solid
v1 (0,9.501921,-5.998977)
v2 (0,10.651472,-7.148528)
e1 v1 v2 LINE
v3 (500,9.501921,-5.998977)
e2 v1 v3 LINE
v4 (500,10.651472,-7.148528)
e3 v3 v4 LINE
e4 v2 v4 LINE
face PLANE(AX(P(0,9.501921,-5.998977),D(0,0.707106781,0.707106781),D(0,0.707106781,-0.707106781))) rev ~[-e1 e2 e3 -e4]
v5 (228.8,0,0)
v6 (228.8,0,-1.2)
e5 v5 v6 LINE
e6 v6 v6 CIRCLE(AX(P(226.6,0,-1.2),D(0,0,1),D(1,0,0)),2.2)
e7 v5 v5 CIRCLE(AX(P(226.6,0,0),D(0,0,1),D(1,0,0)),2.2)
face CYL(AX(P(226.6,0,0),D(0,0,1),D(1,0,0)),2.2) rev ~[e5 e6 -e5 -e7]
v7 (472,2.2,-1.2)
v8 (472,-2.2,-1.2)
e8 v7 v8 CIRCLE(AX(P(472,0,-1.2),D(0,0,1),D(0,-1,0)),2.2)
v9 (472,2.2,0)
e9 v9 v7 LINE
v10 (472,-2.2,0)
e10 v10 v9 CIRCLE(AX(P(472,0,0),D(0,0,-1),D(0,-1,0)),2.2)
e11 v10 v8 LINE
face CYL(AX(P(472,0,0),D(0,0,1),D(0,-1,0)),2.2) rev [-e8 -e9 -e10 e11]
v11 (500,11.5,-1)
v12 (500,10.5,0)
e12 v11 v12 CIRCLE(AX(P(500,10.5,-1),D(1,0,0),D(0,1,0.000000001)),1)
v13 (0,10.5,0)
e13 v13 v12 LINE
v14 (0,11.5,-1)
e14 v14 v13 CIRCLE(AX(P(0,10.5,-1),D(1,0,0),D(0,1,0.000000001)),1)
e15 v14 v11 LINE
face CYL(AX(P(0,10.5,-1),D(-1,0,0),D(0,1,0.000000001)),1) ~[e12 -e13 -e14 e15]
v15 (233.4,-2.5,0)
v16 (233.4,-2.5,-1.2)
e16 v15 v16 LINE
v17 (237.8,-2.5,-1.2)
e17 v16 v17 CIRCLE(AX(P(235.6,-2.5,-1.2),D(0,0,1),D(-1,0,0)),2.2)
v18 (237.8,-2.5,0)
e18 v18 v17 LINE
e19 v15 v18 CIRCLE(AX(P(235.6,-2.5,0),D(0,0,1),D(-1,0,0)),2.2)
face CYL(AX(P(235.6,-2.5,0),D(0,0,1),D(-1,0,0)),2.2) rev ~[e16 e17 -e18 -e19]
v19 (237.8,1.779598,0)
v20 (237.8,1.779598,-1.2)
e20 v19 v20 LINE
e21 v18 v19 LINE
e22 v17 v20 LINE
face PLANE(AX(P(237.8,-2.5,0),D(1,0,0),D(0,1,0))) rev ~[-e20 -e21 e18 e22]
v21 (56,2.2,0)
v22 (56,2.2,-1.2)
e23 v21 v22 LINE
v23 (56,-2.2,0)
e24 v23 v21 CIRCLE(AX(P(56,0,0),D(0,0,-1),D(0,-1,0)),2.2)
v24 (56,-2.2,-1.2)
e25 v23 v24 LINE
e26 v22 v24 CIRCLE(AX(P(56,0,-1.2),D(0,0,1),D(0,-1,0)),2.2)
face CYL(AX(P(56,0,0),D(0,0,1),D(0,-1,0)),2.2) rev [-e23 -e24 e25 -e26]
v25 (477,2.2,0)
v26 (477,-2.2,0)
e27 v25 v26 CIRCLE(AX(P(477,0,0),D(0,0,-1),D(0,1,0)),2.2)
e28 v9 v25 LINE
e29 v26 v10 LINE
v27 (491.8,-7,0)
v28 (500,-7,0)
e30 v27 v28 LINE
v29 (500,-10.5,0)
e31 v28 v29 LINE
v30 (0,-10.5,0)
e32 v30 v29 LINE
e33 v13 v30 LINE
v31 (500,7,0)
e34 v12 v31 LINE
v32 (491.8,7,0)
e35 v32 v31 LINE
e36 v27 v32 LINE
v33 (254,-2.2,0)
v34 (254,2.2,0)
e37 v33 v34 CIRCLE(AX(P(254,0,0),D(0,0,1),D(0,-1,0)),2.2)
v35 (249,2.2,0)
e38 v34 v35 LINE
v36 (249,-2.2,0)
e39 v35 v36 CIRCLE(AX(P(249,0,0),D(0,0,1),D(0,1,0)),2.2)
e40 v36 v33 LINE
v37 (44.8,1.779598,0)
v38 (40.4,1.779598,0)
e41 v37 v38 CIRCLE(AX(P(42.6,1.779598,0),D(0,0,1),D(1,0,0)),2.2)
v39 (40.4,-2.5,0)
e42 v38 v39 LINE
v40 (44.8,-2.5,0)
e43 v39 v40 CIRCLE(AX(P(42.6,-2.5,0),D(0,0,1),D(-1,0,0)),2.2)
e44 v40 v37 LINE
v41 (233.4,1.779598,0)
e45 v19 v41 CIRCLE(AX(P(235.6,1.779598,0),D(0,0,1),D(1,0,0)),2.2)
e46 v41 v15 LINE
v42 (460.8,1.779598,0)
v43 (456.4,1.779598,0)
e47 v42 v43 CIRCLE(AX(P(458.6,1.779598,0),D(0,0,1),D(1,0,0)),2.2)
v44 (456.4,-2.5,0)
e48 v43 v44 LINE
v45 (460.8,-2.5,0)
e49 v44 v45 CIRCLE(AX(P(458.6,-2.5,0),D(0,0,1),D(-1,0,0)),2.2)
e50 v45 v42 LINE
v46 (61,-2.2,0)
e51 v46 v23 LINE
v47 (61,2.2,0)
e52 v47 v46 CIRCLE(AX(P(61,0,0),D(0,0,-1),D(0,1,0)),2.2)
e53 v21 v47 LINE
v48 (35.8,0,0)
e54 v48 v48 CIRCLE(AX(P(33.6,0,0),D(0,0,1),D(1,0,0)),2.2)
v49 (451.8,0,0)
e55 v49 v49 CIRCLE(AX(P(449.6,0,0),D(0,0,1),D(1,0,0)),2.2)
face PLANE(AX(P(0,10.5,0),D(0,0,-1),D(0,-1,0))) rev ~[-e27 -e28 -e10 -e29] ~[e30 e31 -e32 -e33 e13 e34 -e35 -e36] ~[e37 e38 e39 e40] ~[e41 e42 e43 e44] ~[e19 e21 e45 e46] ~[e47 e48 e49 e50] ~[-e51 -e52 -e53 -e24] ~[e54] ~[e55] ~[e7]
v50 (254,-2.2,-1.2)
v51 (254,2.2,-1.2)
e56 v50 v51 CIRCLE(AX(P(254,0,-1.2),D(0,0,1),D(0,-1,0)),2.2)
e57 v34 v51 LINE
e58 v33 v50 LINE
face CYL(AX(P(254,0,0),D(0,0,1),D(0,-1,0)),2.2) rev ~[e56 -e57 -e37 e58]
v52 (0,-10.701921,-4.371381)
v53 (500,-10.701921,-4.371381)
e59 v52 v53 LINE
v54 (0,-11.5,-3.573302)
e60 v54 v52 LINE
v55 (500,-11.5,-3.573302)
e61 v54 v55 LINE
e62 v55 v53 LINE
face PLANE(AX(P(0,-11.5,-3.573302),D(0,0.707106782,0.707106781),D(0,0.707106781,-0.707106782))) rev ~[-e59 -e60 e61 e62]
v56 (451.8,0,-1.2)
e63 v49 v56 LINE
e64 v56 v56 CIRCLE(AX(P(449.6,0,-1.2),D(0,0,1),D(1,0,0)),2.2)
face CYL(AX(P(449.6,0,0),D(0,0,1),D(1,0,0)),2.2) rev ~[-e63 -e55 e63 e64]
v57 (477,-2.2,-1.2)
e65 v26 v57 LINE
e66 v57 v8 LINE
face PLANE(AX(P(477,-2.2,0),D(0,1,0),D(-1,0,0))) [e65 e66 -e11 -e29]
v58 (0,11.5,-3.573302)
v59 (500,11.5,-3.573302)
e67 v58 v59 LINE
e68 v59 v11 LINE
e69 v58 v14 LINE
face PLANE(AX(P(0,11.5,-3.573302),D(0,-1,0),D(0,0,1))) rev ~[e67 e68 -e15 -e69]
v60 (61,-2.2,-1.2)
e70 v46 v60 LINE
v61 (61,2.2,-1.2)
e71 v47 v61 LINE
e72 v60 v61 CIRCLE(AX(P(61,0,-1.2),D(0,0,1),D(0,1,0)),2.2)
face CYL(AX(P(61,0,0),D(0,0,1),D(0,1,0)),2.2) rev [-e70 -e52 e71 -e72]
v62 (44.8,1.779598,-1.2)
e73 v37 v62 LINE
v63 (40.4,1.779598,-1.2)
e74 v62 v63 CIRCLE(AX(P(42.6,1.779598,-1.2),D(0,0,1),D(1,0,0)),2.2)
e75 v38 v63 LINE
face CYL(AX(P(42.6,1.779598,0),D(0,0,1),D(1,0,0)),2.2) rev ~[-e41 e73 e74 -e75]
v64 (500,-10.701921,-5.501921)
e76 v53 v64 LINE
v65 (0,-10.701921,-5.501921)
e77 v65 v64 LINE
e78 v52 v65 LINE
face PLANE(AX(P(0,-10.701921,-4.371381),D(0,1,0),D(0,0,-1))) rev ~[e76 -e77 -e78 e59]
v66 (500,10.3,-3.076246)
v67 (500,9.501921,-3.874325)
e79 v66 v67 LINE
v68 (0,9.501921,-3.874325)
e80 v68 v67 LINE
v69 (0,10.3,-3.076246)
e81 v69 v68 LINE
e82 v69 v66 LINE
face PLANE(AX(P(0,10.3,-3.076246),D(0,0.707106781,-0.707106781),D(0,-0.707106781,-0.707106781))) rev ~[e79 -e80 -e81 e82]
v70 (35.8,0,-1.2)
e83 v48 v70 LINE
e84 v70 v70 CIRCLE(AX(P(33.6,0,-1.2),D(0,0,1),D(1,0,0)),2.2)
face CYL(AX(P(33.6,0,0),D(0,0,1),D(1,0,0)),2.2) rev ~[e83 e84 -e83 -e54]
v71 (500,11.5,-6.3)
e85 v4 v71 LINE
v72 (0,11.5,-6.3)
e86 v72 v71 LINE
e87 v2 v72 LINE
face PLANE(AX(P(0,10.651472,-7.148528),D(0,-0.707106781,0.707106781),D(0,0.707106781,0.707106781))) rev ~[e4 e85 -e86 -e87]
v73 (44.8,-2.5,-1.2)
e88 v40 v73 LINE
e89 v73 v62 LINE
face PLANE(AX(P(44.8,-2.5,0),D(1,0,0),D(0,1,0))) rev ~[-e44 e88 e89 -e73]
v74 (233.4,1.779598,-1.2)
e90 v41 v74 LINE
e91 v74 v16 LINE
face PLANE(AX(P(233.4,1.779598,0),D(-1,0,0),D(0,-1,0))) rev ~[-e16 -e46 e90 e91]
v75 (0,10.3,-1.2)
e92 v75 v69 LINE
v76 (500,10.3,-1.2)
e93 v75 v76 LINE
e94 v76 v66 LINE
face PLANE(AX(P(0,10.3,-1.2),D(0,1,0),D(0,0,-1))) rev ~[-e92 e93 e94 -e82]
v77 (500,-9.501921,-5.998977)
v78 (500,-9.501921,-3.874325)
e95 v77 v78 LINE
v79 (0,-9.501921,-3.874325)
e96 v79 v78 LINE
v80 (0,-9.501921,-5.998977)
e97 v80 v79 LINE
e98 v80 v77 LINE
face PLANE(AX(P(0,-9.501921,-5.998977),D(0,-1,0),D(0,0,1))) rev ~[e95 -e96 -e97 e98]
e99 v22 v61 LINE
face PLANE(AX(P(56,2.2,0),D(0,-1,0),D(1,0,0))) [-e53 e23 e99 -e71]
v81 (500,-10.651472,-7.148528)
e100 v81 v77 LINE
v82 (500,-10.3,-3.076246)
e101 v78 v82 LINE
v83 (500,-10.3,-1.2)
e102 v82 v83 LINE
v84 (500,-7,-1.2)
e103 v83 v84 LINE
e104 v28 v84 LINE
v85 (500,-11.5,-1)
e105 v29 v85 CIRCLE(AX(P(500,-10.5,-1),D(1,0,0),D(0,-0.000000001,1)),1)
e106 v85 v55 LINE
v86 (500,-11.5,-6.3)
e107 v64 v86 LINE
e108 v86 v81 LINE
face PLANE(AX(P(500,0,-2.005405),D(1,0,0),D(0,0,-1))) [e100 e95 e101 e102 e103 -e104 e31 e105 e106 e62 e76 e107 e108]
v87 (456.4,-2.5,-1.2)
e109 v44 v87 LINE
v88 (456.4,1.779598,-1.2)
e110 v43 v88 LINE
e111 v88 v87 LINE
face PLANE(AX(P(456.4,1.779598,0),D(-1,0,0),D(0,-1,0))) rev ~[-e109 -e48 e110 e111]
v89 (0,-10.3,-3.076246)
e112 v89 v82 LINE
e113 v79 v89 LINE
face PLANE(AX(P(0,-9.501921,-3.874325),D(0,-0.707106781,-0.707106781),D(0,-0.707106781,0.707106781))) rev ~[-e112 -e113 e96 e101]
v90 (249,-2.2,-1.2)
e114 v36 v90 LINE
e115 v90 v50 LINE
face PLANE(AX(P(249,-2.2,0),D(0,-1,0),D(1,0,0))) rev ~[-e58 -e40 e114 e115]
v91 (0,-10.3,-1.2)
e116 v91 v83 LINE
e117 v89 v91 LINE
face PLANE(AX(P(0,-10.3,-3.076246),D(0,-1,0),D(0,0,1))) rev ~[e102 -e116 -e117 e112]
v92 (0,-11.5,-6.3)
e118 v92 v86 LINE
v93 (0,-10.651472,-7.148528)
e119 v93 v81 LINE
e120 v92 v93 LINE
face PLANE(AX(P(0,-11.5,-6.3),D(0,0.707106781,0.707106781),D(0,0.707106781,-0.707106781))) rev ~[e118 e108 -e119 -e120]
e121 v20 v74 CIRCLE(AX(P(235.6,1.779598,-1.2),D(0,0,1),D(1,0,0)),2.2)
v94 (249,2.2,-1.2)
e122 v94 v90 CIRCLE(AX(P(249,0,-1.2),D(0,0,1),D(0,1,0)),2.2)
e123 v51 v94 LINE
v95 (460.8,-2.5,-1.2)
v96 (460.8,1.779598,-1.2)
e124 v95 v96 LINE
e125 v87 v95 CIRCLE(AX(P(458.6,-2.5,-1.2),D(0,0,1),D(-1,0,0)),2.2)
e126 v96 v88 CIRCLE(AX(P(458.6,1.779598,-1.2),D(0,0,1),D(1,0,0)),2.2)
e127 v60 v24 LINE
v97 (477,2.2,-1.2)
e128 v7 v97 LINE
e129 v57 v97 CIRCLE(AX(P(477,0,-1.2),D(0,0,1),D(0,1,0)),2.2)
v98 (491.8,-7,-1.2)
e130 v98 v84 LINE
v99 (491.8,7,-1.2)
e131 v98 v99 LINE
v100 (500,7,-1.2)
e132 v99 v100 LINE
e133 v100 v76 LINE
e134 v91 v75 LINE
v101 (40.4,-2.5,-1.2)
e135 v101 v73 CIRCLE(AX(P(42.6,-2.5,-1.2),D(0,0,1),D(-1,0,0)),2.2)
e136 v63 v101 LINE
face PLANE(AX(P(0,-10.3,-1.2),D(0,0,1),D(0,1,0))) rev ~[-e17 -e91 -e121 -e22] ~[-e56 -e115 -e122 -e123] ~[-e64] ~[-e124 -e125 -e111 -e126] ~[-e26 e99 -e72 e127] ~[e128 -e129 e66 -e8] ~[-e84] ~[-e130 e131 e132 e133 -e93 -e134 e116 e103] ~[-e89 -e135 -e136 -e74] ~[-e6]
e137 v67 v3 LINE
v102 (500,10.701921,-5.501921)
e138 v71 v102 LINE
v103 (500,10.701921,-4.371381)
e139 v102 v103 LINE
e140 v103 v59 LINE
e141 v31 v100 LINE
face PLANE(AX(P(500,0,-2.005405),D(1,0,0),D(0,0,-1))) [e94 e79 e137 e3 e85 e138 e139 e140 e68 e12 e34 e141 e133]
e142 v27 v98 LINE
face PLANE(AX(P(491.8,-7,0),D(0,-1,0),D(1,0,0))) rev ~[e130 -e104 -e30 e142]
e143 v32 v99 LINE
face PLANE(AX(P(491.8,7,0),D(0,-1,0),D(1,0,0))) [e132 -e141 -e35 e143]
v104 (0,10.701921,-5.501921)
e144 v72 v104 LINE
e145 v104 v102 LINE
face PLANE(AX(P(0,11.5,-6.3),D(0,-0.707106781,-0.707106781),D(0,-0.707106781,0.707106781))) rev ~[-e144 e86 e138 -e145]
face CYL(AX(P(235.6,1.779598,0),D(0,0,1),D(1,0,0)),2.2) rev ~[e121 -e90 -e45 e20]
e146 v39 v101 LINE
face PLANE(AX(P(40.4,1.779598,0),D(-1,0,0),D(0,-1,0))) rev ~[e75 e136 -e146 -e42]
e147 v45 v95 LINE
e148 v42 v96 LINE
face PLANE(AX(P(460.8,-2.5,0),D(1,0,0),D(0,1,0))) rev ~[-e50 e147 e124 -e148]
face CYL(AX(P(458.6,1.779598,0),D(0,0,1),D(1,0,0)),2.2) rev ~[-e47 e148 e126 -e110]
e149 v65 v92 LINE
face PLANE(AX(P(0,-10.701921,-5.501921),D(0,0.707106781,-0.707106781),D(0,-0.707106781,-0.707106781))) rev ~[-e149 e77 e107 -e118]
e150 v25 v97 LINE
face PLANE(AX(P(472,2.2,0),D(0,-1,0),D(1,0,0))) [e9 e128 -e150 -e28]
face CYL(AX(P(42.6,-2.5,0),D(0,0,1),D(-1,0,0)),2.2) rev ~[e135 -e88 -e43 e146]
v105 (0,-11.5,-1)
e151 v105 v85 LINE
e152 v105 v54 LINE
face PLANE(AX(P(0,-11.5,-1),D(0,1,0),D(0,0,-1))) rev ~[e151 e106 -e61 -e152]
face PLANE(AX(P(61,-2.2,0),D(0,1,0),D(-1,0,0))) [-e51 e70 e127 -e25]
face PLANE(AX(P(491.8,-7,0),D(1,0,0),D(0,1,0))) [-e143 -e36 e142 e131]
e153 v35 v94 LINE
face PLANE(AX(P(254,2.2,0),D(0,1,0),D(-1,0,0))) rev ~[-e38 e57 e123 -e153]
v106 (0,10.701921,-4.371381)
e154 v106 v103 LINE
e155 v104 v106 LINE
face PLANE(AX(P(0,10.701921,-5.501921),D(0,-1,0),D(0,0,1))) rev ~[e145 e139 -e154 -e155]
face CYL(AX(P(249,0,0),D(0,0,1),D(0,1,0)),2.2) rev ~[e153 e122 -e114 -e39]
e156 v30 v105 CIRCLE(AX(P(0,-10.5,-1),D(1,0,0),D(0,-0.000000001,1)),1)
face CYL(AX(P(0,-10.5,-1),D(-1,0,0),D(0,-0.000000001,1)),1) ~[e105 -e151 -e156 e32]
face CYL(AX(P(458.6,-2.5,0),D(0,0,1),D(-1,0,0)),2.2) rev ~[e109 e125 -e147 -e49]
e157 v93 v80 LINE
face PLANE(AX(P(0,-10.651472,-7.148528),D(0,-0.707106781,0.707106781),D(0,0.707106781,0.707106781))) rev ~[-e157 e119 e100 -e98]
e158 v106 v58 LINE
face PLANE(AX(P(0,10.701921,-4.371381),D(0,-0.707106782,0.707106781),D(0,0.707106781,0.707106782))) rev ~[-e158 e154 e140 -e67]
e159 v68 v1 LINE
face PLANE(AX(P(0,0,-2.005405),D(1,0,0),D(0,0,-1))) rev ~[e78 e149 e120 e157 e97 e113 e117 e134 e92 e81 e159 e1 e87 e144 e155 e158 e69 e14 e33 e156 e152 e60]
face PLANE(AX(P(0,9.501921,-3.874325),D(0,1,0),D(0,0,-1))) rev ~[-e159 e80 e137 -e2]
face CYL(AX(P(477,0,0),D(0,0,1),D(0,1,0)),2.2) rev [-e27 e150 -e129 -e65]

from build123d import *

# Parameters (mm, degrees)
EXTRUDE_3_DEPTH     = 500
SKETCH_2_R          = 2.2
SKETCH_2_W          = 8.2
SKETCH_2_H          = 14
CUT_EXTRUDE_1_DEPTH = 8.148528137


with BuildPart() as part:
    # Эскиз1 → Вытянуть-Тонкостенный3 (new body)
    with BuildSketch(Plane(origin=(0, 0, 0), x_dir=(0, 0, -1), z_dir=(1, 0, 0))):
        with BuildLine():
            Line((6.3, 11.5), (5.501920783, 10.701920783))
            Line((5.501920783, 10.701920783), (4.371381229, 10.701920783))
            Line((4.371381229, 10.701920783), (3.573302011, 11.5))
            Line((3.573302011, 11.5), (1, 11.5))
            ThreePointArc((1, 11.5), (0.292893219, 11.207106781), (0, 10.5))
            Line((0, 10.5), (0, -10.5))
            ThreePointArc((0, -10.5), (0.292893219, -11.207106781), (1, -11.5))
            Line((1, -11.5), (3.573302011, -11.5))
            Line((3.573302011, -11.5), (4.371381229, -10.701920783))
            Line((4.371381229, -10.701920783), (5.501920783, -10.701920783))
            Line((5.501920783, -10.701920783), (6.3, -11.5))
            Line((6.3, -11.5), (7.148528137, -10.651471863))
            Line((7.148528137, -10.651471863), (5.998977057, -9.501920783))
            Line((5.998977057, -9.501920783), (3.874324954, -9.501920783))
            Line((3.874324954, -9.501920783), (3.076245737, -10.3))
            Line((3.076245737, -10.3), (1.2, -10.3))
            Line((1.2, -10.3), (1.2, 10.3))
            Line((1.2, 10.3), (3.076245737, 10.3))
            Line((3.076245737, 10.3), (3.874324954, 9.501920783))
            Line((3.874324954, 9.501920783), (5.998977057, 9.501920783))
            Line((5.998977057, 9.501920783), (7.148528137, 10.651471863))
            Line((7.148528137, 10.651471863), (6.3, 11.5))
        make_face()
    extrude(amount=EXTRUDE_3_DEPTH)

    # Эскиз2 → Вырез-Вытянуть1 (cut, through all)
    with BuildSketch(Plane.XY):
        with Locations((449.6, 0)):
            Circle(SKETCH_2_R)
        with Locations((226.6, 0)):
            Circle(SKETCH_2_R)
        with Locations((33.6, 0)):
            Circle(SKETCH_2_R)
        with Locations((495.9, 0)):
            Rectangle(SKETCH_2_W, SKETCH_2_H)
        with BuildLine():
            Line((472, 2.2), (477, 2.2))
            ThreePointArc((477, 2.2), (479.2, 0), (477, -2.2))
            Line((477, -2.2), (472, -2.2))
            ThreePointArc((472, -2.2), (469.8, 0), (472, 2.2))
        make_face()
        with BuildLine():
            Line((456.4, 1.779598361), (456.4, -2.5))
            ThreePointArc((456.4, -2.5), (458.6, -4.7), (460.8, -2.5))
            Line((460.8, -2.5), (460.8, 1.779598361))
            ThreePointArc((460.8, 1.779598361), (458.6, 3.979598361), (456.4, 1.779598361))
        make_face()
        with BuildLine():
            Line((233.4, 1.779598361), (233.4, -2.5))
            ThreePointArc((233.4, -2.5), (235.6, -4.7), (237.8, -2.5))
            Line((237.8, -2.5), (237.8, 1.779598361))
            ThreePointArc((237.8, 1.779598361), (235.6, 3.979598361), (233.4, 1.779598361))
        make_face()
        with BuildLine():
            Line((249, -2.2), (254, -2.2))
            ThreePointArc((254, -2.2), (256.2, 0), (254, 2.2))
            Line((254, 2.2), (249, 2.2))
            ThreePointArc((249, 2.2), (246.8, 0), (249, -2.2))
        make_face()
        with BuildLine():
            Line((44.8, -2.5), (44.8, 1.779598361))
            ThreePointArc((44.8, 1.779598361), (42.6, 3.979598361), (40.4, 1.779598361))
            Line((40.4, 1.779598361), (40.4, -2.5))
            ThreePointArc((40.4, -2.5), (42.6, -4.7), (44.8, -2.5))
        make_face()
        with BuildLine():
            Line((56, 2.2), (61, 2.2))
            ThreePointArc((61, 2.2), (63.2, 0), (61, -2.2))
            Line((61, -2.2), (56, -2.2))
            ThreePointArc((56, -2.2), (53.8, 0), (56, 2.2))
        make_face()
    extrude(amount=-CUT_EXTRUDE_1_DEPTH, mode=Mode.SUBTRACT)


solid = part.part
